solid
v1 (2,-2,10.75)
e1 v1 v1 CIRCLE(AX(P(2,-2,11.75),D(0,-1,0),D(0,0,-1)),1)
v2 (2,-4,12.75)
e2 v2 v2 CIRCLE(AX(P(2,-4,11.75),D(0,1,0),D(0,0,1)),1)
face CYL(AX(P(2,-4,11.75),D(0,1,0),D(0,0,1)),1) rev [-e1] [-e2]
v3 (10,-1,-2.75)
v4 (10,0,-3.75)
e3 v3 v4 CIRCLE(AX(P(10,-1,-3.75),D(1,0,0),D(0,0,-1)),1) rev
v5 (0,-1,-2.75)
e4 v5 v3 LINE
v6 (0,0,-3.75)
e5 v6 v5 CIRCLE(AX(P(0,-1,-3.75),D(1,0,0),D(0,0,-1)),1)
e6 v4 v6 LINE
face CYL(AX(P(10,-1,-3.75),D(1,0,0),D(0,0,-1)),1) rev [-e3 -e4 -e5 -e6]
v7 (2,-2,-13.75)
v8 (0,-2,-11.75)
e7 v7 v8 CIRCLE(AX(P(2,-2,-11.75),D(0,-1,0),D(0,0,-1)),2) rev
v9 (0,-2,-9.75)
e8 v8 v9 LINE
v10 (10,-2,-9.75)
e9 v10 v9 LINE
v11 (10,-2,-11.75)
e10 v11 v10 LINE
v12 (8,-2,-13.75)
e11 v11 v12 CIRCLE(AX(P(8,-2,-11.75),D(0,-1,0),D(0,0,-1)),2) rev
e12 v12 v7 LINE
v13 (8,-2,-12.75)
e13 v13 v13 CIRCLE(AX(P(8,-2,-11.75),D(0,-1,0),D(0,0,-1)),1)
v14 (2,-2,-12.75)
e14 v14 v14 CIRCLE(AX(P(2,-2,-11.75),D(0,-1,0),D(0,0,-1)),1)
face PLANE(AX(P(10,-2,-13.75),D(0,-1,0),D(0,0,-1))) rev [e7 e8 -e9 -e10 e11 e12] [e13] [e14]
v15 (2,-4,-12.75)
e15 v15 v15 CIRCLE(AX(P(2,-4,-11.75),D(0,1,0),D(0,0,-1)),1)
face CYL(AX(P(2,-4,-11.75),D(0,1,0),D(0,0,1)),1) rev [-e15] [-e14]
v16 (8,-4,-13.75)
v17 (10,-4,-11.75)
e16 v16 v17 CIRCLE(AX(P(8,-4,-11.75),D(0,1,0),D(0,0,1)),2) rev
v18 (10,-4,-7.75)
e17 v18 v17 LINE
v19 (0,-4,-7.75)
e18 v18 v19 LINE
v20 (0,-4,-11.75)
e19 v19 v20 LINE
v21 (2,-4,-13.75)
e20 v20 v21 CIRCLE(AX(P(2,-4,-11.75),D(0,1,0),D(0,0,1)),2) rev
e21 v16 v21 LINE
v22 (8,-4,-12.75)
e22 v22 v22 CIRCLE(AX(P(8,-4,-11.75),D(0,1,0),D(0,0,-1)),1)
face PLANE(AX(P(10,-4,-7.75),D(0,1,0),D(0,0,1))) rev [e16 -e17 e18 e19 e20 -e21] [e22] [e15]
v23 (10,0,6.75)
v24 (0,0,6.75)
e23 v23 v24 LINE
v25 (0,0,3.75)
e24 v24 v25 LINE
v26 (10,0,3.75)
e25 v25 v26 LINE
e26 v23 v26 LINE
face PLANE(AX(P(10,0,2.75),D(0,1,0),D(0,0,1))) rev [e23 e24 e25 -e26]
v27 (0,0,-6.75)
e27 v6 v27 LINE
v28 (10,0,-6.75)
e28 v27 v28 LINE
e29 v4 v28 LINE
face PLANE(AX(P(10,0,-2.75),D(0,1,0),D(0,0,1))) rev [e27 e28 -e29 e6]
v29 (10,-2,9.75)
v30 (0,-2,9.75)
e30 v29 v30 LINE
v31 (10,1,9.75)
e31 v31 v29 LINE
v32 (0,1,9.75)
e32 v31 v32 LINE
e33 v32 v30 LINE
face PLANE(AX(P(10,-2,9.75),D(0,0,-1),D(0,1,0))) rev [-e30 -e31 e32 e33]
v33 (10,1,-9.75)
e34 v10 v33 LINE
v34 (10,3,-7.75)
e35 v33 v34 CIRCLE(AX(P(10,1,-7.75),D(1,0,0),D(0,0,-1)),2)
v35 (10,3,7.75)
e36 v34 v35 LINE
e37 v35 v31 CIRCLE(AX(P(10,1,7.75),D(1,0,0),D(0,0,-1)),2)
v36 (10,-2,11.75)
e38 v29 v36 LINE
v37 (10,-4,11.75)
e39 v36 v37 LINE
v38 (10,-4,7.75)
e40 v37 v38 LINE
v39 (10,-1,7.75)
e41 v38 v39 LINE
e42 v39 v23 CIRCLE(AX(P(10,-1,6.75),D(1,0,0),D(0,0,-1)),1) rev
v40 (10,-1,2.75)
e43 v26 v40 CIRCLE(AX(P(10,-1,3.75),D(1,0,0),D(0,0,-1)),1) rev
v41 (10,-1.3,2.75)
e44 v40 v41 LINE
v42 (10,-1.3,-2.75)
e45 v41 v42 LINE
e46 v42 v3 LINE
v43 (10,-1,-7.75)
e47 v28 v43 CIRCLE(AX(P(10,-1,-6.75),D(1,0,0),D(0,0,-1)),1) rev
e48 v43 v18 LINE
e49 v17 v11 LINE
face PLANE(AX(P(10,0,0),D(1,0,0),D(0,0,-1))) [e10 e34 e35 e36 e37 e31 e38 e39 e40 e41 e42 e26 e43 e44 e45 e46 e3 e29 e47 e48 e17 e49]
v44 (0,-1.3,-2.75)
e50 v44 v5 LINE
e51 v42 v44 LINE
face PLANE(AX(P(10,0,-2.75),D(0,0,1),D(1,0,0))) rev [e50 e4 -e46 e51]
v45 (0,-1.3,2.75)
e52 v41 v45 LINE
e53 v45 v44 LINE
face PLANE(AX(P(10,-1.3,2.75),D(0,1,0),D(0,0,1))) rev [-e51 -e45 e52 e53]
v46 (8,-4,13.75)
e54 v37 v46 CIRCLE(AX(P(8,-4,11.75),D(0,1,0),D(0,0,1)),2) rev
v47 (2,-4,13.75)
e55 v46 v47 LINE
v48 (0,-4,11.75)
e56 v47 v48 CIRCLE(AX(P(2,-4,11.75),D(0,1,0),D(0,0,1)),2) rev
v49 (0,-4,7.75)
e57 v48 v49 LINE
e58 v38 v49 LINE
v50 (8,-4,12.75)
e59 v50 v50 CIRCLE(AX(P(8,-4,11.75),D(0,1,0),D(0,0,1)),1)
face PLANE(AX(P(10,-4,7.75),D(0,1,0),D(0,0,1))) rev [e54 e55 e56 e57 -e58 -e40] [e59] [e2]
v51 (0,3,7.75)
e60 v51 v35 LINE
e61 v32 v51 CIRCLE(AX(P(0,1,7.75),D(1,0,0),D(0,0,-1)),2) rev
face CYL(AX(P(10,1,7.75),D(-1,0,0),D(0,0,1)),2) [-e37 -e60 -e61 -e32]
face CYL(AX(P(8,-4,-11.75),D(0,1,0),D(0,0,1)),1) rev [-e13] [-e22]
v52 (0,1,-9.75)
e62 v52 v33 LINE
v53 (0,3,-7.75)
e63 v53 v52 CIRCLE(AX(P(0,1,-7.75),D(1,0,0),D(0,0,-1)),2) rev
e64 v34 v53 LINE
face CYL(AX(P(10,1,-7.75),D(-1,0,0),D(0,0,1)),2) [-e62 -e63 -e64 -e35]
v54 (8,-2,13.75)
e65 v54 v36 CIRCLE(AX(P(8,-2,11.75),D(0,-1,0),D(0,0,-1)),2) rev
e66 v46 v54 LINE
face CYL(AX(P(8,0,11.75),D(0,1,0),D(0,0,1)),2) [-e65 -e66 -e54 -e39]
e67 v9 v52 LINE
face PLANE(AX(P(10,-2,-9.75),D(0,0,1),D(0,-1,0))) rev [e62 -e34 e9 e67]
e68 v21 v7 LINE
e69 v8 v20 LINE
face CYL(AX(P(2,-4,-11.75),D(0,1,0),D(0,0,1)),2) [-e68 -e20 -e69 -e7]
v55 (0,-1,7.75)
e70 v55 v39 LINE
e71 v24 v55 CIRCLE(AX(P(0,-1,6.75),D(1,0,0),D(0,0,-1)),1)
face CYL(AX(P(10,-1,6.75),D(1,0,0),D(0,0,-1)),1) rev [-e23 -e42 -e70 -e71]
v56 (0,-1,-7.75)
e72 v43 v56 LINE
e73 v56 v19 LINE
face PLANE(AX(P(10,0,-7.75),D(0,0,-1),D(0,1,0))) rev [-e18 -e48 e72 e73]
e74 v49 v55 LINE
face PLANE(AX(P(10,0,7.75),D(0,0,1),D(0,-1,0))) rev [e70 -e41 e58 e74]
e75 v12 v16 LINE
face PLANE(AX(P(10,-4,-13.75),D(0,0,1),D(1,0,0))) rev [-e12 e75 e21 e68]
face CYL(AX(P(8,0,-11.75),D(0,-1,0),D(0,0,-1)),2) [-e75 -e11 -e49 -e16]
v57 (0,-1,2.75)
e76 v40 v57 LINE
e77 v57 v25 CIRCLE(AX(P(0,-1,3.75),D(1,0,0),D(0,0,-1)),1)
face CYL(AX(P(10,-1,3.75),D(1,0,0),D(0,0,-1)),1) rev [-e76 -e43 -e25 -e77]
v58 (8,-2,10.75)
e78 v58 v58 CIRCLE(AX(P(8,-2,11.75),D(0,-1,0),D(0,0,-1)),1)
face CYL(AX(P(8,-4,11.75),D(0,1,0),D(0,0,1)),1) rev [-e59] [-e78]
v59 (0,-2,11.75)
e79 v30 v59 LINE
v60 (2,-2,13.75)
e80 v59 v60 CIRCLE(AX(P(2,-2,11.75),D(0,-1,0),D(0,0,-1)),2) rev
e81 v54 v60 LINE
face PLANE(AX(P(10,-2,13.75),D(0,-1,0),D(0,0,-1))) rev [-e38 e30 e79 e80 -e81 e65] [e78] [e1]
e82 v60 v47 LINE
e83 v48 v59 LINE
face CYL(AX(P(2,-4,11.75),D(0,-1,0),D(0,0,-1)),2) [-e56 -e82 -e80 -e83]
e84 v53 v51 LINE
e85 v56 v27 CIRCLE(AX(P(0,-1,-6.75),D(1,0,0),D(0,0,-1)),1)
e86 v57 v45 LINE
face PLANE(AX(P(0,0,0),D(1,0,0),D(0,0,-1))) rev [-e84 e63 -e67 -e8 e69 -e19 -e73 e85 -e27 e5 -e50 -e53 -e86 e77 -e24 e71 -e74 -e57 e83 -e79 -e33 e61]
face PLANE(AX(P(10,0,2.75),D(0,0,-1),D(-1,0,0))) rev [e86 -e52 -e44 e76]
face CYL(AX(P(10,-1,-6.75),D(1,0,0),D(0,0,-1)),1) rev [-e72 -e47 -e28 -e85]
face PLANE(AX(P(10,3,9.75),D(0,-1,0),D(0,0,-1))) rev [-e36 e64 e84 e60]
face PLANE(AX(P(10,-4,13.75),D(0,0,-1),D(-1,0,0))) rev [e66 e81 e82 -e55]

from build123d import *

# Parameters (mm, degrees)
BOSS_EXTRUDE1_DEPTH     = 10
FILLET1_R               = 2
SKETCH2_R               = 1
CUT_EXTRUDE1_DEPTH      = 6
CUT_EXTRUDE1_DEPTH_BACK = 3
FILLET2_R               = 1


with BuildPart() as part:
    # Sketch1 → Boss-Extrude1 (new body)
    with BuildSketch(Plane(origin=(0, 0, 0), x_dir=(0, 0, -1), z_dir=(1, 0, 0))):
        Polygon((-2.75, 0), (-7.75, 0), (-7.75, -4), (-13.75, -4), (-13.75, -2), (-9.75, -2), (-9.75, 3), (9.75, 3), (9.75, -2), (13.75, -2), (13.75, -4), (7.75, -4), (7.75, 0), (2.75, 0), (2.75, -1.3), (-2.75, -1.3), align=None)
    extrude(amount=BOSS_EXTRUDE1_DEPTH)

    # Fillet1
    fillet1_edges = [part.edges().sort_by_distance(p)[0] for p in [
        (0, -3, 13.75),
        (0, -3, -13.75),
        (5, 3, 9.75),
        (5, 3, -9.75),
        (10, -3, -13.75),
        (10, -3, 13.75),
    ]]
    fillet(fillet1_edges, radius=FILLET1_R)

    # Sketch2 → Cut-Extrude1 (cut, two sides)
    with BuildSketch(Plane(origin=(0, -2, 0), x_dir=(1, 0, 0), z_dir=(0, 1, 0))) as cut_extrude1_sk:
        with Locations((8, -11.75)):
            Circle(SKETCH2_R)
        with Locations((2, -11.75)):
            Circle(SKETCH2_R)
        with Locations((2, 11.75)):
            Circle(SKETCH2_R)
        with Locations((8, 11.75)):
            Circle(SKETCH2_R)
    extrude(amount=CUT_EXTRUDE1_DEPTH, mode=Mode.SUBTRACT)
    extrude(cut_extrude1_sk.sketch, amount=-CUT_EXTRUDE1_DEPTH_BACK, mode=Mode.SUBTRACT)

    # Fillet2
    fillet2_edges = [part.edges().sort_by_distance(p)[0] for p in [
        (5, 0, 2.75),
        (5, 0, 7.75),
        (5, 0, -7.75),
        (5, 0, -2.75),
    ]]
    fillet(fillet2_edges, radius=FILLET2_R)


solid = part.part
